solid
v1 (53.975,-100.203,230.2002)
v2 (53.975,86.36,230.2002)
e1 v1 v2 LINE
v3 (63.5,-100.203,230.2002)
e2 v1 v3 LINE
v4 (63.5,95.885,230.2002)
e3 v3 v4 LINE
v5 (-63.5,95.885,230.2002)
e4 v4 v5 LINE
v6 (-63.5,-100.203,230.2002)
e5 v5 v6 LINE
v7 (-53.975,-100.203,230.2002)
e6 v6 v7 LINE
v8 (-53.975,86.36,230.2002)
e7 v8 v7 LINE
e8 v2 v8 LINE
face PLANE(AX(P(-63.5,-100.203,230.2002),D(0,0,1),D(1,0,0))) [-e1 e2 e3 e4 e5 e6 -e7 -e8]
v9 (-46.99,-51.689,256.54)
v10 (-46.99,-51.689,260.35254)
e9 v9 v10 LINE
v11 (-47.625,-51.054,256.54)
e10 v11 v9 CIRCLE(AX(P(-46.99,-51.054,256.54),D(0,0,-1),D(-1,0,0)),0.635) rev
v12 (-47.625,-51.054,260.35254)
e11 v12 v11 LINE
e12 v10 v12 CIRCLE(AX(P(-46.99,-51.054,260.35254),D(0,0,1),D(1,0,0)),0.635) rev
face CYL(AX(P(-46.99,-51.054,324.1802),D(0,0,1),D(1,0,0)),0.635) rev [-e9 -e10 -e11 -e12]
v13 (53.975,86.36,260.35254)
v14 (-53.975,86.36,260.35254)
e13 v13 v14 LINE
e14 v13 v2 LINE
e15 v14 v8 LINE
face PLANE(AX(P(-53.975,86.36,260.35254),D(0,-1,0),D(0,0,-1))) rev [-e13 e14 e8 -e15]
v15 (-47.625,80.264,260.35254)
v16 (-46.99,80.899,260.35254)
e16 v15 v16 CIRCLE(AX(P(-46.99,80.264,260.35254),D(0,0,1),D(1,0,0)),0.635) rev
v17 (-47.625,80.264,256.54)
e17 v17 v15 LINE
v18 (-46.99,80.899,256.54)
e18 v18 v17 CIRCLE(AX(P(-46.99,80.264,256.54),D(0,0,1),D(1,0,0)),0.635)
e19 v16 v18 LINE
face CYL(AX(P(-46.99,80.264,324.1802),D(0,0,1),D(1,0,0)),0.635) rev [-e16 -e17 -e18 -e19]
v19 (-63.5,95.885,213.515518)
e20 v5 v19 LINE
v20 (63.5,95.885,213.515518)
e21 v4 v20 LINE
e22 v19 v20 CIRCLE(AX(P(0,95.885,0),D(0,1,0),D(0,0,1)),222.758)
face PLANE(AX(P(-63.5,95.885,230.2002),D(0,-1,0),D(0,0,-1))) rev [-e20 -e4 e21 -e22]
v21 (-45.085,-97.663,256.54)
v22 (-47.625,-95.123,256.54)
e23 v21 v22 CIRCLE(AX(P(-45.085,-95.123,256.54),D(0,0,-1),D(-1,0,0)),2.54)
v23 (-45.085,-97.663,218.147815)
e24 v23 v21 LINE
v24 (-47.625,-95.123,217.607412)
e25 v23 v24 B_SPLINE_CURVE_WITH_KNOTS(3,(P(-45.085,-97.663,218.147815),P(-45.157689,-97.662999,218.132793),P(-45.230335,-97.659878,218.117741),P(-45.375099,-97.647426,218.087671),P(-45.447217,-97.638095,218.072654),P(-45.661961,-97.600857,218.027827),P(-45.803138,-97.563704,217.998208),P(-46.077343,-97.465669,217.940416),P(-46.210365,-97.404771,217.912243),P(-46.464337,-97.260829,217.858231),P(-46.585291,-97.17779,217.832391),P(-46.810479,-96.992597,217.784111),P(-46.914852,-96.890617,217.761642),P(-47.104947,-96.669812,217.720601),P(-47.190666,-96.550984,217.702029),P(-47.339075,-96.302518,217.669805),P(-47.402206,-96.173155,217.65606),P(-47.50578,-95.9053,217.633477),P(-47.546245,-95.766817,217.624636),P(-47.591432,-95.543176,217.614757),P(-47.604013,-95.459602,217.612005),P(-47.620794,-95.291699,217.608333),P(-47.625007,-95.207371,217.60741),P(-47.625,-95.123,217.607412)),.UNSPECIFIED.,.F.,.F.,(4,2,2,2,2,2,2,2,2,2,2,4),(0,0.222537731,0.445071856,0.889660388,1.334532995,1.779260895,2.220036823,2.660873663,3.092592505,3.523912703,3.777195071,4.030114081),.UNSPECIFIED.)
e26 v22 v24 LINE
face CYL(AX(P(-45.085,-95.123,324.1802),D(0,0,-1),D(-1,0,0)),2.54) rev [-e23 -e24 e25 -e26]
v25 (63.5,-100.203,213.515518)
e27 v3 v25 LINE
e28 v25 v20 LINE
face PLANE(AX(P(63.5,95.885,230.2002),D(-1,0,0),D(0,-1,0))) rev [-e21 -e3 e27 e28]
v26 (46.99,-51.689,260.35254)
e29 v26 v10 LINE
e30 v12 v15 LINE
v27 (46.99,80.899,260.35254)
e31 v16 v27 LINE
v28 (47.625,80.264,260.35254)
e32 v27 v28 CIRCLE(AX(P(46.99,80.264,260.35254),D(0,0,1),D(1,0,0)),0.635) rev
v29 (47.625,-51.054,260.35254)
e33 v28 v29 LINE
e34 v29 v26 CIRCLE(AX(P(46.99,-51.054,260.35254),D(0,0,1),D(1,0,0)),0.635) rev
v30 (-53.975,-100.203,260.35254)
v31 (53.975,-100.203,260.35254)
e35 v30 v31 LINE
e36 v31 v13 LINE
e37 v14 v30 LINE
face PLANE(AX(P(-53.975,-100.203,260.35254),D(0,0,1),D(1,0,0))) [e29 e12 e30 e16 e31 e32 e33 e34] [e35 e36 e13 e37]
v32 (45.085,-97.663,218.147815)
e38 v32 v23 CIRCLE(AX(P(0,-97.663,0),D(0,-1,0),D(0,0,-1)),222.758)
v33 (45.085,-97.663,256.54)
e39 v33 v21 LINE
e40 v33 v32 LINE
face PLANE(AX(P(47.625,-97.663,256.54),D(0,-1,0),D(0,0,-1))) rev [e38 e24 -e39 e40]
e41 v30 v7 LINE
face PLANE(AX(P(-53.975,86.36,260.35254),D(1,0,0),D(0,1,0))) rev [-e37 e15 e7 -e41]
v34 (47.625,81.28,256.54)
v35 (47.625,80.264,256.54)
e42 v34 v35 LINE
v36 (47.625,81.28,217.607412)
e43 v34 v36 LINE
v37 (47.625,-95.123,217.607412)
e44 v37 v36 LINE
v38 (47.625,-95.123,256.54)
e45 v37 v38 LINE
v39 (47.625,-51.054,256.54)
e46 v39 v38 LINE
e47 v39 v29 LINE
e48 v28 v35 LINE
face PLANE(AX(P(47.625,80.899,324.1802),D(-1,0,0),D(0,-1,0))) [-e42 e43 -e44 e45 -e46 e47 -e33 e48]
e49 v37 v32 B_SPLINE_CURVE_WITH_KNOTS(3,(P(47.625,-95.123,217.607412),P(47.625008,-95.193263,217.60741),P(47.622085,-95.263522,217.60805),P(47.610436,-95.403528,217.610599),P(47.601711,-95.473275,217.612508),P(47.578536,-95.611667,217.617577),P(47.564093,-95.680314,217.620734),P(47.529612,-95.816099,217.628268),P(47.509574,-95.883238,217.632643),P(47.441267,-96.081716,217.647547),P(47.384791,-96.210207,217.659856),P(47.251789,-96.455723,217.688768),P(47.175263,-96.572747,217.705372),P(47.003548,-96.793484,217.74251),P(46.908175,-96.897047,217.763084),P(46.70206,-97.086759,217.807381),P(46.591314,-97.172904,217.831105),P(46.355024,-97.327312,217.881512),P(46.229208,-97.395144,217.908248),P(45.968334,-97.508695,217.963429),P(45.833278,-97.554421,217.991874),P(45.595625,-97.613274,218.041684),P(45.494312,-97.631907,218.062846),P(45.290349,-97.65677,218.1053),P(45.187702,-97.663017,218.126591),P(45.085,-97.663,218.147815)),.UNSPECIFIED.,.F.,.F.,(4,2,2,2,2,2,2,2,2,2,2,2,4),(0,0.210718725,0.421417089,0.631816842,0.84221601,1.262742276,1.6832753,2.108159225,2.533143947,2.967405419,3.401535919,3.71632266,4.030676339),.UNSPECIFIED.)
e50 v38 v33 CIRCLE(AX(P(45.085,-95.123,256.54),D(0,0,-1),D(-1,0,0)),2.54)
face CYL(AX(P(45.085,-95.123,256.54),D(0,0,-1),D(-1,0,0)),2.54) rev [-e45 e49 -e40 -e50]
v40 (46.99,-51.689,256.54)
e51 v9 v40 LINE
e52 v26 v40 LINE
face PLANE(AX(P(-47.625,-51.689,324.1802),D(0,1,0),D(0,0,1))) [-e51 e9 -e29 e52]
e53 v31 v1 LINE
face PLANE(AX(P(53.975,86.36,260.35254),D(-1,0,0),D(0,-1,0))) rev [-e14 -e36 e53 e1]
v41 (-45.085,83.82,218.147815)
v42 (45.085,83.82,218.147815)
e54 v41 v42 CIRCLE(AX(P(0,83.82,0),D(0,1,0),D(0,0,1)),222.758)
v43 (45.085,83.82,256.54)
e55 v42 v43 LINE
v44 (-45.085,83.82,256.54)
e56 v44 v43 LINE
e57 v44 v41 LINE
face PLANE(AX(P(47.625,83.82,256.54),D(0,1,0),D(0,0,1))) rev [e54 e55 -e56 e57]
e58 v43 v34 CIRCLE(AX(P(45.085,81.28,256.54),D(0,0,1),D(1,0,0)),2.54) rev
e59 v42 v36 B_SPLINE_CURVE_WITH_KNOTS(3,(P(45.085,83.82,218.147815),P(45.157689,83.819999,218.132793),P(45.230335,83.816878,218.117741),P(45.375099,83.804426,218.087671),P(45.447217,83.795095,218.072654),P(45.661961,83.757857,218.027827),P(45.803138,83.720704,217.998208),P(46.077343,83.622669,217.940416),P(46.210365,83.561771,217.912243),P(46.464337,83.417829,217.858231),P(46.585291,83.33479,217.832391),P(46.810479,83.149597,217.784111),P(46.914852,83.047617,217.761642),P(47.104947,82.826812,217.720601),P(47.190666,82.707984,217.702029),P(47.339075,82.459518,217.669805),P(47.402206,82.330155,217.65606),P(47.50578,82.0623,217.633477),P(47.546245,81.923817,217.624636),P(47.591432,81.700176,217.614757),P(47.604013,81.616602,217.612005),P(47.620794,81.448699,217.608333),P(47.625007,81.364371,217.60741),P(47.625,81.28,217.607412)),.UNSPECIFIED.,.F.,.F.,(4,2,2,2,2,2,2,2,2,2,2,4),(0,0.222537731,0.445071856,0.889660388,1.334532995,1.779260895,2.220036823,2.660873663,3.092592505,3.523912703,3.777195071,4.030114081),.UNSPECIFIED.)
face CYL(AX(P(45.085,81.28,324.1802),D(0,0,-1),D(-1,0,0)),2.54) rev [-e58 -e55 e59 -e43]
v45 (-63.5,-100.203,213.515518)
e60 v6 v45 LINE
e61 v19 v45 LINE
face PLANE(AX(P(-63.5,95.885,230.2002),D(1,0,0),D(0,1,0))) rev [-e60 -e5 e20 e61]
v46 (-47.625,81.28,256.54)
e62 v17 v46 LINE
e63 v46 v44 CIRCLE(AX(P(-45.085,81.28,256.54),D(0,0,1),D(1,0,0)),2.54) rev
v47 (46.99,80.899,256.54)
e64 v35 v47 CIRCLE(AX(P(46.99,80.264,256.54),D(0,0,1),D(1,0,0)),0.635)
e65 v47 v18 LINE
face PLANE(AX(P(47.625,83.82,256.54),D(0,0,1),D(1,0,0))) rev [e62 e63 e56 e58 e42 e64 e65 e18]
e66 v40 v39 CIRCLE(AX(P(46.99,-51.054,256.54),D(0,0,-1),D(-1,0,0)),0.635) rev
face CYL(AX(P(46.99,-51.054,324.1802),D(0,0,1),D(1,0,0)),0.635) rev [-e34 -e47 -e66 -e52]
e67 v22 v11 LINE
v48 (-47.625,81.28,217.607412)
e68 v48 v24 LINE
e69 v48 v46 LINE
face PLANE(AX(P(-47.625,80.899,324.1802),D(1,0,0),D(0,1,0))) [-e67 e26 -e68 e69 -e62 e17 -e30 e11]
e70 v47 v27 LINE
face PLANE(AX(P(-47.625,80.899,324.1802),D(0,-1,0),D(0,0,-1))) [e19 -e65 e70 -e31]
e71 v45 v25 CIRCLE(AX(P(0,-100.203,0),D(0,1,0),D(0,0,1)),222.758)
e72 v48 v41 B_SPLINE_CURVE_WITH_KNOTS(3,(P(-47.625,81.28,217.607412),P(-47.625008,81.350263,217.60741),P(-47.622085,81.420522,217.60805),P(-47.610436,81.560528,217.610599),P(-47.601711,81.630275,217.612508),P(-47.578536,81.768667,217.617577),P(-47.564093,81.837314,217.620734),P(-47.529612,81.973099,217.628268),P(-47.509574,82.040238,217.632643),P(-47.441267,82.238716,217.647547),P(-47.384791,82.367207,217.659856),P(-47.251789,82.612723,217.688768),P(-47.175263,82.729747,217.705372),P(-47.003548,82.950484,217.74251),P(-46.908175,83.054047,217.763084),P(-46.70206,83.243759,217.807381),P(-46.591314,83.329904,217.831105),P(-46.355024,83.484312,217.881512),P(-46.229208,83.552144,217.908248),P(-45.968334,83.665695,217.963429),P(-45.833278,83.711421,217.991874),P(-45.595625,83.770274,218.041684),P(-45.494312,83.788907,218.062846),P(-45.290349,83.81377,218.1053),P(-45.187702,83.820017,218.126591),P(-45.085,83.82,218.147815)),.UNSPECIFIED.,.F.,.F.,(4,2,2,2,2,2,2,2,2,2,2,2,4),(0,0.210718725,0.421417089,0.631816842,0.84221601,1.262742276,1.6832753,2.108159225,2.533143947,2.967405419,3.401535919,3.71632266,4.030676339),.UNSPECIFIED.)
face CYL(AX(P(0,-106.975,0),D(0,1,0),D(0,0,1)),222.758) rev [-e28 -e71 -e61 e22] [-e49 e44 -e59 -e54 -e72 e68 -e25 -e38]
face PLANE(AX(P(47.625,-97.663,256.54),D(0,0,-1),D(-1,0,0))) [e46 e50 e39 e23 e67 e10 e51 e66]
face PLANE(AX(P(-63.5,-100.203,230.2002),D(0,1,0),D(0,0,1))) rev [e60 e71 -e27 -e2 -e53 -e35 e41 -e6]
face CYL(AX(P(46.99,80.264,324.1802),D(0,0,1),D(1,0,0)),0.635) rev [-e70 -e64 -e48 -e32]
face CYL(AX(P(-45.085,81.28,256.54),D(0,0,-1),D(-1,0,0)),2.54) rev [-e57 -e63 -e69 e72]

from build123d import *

# Parameters (mm, degrees)
SKETCH1_W           = 127
SKETCH1_H           = 196.088
EXTRUDE1_DEPTH      = 230.2002
SKETCH5_W           = 107.95
SKETCH5_H           = 186.563
EXTRUDE4_DEPTH      = 30.15234
EXTRUDE2_DEPTH      = 93.98
EXTRUDE2_DEPTH_BACK = 273.8502
SKETCH4_W           = 95.25
SKETCH4_H           = 132.588
SKETCH6_W           = 95.25
SKETCH6_H           = 45.974
SKETCH6_H_2         = 2.921
EXTRUDE5_DEPTH      = 256.54
FILLET1_R           = 2.54
SKETCH2_R           = 222.758
EXTRUDE3_DEPTH      = 202.86
FILLET2_R           = 0.635


with BuildPart() as part:
    # Sketch1 → Extrude1 (new body)
    with BuildSketch(Plane.XY):
        with Locations((0, -2.159)):
            Rectangle(SKETCH1_W, SKETCH1_H)
    extrude(amount=EXTRUDE1_DEPTH)

    # Sketch5 → Extrude4 (add)
    with BuildSketch(Plane.XY.offset(230.2002)):
        with Locations((0, -6.9215)):
            Rectangle(SKETCH5_W, SKETCH5_H)
    extrude(amount=EXTRUDE4_DEPTH)

    # Sketch4 → Extrude2 (cut, two sides: drawn at the far end of the back side and taken through both)
    with BuildSketch(Plane.XY.offset(230.2002).offset(-EXTRUDE2_DEPTH_BACK)):
        with Locations((0, 14.605)):
            Rectangle(SKETCH4_W, SKETCH4_H)
    extrude(amount=EXTRUDE2_DEPTH + EXTRUDE2_DEPTH_BACK, mode=Mode.SUBTRACT)

    # Sketch6 → Extrude5 (cut)
    with BuildSketch(Plane(origin=(0, 0, 0), x_dir=(-1, 0, 0), z_dir=(0, 0, -1))):
        with Locations((0, -74.676)):
            Rectangle(SKETCH6_W, SKETCH6_H)
        with Locations((0, 82.3595)):
            Rectangle(SKETCH6_W, SKETCH6_H_2)
    extrude(amount=-EXTRUDE5_DEPTH, mode=Mode.SUBTRACT)

    # Fillet1
    fillet1_edges = [part.edges().sort_by_distance(p)[0] for p in [
        (47.625, -97.663, 128.27),
        (-47.625, -97.663, 128.27),
        (47.625, 83.82, 128.27),
        (-47.625, 83.82, 128.27),
    ]]
    fillet(fillet1_edges, radius=FILLET1_R)

    # Sketch2 → Extrude3 (cut)
    with BuildSketch(Plane(origin=(0, 95.885, 0), x_dir=(-1, 0, 0), z_dir=(0, 1, 0))):
        Circle(SKETCH2_R)
    extrude(amount=-EXTRUDE3_DEPTH, mode=Mode.SUBTRACT)

    # Fillet2
    fillet2_edges = [part.edges().sort_by_distance(p)[0] for p in [
        (-47.625, 80.899, 258.44627),
        (-47.625, -51.689, 258.44627),
        (47.625, -51.689, 258.44627),
        (47.625, 80.899, 258.44627),
    ]]
    fillet(fillet2_edges, radius=FILLET2_R)


solid = part.part
